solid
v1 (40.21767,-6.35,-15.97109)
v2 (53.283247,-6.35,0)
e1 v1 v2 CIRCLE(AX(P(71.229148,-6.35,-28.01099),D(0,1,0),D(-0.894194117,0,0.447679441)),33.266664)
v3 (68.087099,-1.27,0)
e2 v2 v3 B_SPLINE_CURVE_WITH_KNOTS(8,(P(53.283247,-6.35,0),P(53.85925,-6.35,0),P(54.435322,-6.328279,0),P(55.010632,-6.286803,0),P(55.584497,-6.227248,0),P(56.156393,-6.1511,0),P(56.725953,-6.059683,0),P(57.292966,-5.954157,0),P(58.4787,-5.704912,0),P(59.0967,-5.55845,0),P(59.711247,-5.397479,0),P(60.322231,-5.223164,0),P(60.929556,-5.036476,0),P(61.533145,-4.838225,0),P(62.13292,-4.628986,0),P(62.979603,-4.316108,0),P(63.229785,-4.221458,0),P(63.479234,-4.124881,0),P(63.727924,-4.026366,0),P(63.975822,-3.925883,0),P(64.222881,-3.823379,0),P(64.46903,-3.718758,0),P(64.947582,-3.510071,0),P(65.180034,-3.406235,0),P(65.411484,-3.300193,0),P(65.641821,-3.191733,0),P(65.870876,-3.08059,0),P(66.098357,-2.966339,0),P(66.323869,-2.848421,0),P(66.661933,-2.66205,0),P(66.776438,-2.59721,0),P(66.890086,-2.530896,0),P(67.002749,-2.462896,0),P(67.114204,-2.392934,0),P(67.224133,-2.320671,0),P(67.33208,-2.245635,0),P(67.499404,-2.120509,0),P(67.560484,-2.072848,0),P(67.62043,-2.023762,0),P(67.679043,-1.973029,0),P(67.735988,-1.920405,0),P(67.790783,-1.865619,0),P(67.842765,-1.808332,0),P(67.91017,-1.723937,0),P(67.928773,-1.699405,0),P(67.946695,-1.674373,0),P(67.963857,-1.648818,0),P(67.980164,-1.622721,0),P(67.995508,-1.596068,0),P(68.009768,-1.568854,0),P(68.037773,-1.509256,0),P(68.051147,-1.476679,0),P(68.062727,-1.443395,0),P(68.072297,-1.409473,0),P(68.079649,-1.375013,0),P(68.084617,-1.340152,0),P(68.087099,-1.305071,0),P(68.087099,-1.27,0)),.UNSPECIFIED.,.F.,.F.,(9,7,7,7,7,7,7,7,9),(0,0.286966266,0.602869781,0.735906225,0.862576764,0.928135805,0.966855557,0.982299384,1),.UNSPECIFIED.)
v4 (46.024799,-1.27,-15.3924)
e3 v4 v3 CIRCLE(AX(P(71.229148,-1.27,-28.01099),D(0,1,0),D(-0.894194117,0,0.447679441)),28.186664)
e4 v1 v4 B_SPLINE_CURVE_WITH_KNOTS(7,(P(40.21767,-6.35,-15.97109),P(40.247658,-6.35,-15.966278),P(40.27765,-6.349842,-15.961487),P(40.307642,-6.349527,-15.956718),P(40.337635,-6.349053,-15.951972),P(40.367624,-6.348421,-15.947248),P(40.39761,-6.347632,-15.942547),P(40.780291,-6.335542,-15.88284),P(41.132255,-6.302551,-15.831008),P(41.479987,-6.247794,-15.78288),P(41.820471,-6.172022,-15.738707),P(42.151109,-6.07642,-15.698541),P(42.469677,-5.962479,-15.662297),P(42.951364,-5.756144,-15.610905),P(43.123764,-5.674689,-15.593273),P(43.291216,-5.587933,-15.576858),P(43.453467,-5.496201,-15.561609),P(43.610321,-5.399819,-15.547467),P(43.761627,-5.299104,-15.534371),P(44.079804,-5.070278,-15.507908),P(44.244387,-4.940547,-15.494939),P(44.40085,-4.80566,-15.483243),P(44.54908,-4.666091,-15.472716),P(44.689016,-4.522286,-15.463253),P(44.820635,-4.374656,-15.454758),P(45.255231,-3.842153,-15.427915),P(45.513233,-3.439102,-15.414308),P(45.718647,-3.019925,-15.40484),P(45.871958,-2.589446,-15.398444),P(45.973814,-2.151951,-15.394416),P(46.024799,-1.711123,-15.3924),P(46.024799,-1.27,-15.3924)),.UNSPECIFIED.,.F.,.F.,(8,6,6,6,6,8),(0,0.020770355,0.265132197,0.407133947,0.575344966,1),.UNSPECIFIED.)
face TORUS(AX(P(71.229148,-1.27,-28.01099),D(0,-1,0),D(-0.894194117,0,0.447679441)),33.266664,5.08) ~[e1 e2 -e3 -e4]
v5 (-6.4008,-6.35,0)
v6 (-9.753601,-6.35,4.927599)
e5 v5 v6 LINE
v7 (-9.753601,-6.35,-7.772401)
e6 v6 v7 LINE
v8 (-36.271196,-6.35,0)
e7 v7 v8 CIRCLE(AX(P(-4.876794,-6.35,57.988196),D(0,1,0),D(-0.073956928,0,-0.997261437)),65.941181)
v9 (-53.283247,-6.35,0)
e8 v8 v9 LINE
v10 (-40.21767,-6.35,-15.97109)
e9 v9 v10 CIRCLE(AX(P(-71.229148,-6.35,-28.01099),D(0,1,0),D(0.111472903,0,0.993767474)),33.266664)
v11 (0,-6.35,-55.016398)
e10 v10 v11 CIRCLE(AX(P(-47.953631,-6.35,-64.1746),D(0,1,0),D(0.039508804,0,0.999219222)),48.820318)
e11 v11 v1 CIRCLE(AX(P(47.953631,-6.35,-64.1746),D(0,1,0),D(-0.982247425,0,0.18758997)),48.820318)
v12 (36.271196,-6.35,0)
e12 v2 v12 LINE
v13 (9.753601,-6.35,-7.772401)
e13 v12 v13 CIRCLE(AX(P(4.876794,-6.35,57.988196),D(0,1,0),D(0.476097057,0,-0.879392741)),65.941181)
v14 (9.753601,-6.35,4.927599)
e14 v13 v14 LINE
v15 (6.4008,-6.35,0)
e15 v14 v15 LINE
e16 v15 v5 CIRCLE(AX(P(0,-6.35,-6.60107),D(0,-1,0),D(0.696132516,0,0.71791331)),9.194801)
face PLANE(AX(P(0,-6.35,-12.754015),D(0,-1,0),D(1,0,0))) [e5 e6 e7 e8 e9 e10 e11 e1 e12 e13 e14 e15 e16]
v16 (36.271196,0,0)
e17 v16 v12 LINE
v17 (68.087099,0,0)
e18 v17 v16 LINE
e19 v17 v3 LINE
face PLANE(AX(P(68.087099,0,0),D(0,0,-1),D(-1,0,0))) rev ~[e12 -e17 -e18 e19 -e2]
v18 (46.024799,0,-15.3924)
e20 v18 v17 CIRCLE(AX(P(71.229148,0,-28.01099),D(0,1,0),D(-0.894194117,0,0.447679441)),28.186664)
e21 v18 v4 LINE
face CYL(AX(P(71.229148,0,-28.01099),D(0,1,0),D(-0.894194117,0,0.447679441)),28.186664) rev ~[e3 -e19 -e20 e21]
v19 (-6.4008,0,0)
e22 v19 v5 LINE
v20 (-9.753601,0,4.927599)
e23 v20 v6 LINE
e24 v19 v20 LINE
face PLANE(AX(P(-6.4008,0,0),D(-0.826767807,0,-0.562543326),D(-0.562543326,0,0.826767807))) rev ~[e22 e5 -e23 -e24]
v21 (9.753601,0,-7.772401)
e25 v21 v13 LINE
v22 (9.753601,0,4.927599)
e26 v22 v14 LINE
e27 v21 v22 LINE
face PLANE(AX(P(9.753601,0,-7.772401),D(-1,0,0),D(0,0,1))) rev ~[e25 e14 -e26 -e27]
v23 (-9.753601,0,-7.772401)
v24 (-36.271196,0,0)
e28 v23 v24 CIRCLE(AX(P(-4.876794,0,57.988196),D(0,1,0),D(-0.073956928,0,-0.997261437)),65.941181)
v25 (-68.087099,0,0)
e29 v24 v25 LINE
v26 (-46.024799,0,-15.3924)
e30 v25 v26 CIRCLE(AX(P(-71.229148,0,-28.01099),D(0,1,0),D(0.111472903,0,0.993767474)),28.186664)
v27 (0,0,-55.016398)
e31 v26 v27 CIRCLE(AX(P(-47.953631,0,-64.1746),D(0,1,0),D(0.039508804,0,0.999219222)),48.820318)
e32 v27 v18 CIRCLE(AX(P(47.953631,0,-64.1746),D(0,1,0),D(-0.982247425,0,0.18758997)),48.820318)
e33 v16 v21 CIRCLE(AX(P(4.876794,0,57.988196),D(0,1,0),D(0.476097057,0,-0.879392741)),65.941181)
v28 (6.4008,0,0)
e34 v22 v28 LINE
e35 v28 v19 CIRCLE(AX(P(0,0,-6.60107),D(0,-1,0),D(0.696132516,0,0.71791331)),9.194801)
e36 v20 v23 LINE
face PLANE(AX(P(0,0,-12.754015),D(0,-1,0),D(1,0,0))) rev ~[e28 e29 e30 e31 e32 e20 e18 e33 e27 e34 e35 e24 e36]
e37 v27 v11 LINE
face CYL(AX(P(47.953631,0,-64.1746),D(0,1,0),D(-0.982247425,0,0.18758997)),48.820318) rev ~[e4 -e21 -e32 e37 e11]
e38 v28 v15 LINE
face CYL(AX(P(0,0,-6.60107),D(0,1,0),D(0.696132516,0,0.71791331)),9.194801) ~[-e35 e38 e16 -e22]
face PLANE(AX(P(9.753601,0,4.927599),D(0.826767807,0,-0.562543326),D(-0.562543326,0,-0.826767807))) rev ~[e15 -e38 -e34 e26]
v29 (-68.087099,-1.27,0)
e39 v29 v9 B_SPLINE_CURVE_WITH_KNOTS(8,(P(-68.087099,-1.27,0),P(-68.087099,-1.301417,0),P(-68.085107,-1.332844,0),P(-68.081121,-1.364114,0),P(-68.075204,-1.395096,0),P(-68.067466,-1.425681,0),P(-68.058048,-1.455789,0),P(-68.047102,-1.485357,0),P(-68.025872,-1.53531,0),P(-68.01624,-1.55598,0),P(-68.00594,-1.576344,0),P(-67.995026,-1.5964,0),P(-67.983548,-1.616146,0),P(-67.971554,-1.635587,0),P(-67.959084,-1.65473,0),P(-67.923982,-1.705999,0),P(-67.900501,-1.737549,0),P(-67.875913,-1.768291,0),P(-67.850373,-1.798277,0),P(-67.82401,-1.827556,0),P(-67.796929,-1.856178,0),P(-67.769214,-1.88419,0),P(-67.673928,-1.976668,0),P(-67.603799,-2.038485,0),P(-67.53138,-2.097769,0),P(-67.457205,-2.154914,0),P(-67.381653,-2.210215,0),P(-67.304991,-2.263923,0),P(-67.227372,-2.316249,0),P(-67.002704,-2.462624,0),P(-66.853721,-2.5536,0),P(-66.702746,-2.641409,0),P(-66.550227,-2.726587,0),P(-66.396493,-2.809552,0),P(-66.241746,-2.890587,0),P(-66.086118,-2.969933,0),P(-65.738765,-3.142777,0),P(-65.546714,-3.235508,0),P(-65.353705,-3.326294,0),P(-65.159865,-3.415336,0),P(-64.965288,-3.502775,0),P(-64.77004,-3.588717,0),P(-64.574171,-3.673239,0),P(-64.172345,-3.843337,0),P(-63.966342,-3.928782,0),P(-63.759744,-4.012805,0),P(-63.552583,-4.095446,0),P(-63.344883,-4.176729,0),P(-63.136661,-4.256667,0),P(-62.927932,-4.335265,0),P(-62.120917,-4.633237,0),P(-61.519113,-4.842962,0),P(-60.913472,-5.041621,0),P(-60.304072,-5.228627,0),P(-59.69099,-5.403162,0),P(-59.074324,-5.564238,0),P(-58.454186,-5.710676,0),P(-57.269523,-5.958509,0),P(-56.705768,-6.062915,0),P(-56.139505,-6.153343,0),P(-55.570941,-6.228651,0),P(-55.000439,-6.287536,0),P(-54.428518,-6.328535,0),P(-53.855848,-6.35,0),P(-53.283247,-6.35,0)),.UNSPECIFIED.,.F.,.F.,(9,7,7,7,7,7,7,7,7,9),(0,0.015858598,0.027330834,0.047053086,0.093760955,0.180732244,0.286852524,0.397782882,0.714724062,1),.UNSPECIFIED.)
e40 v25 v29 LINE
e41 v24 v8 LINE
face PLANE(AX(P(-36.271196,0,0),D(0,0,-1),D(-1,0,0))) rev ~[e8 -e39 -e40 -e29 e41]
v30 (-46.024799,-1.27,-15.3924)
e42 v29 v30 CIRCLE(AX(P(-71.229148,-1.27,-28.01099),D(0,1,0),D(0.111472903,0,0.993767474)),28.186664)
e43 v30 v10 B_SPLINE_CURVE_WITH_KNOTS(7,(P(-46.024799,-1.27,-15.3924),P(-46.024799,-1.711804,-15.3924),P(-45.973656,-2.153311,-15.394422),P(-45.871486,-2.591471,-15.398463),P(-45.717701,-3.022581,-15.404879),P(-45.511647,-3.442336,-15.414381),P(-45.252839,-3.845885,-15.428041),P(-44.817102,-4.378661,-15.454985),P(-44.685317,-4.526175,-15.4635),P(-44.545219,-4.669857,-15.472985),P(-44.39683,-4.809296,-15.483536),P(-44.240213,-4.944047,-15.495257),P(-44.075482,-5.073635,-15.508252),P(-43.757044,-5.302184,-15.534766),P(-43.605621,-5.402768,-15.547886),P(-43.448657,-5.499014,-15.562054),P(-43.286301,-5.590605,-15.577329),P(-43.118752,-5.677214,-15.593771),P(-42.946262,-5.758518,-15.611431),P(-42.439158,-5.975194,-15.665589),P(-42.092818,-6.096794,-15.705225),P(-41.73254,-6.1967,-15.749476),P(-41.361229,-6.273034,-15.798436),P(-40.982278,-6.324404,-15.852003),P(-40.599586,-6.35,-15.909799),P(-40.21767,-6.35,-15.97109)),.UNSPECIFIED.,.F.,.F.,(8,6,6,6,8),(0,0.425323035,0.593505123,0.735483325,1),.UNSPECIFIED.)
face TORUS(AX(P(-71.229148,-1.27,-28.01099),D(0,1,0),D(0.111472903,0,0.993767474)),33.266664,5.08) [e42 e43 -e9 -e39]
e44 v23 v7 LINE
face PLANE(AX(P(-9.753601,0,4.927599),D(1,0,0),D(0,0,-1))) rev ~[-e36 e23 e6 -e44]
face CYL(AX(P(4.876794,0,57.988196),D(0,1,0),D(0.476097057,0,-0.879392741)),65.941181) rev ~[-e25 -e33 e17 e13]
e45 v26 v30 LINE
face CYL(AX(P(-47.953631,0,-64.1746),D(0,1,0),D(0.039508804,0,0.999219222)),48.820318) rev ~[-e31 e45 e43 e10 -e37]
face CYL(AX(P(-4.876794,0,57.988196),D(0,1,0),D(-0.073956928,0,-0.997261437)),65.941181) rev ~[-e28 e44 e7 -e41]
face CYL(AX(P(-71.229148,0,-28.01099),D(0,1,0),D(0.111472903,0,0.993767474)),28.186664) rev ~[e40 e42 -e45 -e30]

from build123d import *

# Parameters (mm, degrees)
F1_DEPTH = 6.35
F2_R     = 5.08
F3_R     = 5.08


with BuildPart() as f1:
    # F0 (on Front) → F1 (new body)
    with BuildSketch(Plane.XZ):
        with BuildLine():
            ThreePointArc((0, -55.016398), (16.101153, -27.176721), (46.024799, -15.3924))
            ThreePointArc((46.024799, -15.3924), (55.101189, -4.894395), (68.087099, 0))
            Line((68.087099, 0), (36.271196, 0))
            ThreePointArc((36.271196, 0), (23.424104, -5.290842), (9.753601, -7.772401))
            Line((9.753601, -7.772401), (9.753601, 4.927599))
            Line((9.753601, 4.927599), (6.4008, 0))
            ThreePointArc((6.4008, 0), (0, 2.593731), (-6.4008, 0))
            Line((-6.4008, 0), (-9.753601, 4.927599))
            Line((-9.753601, 4.927599), (-9.753601, -7.772401))
            ThreePointArc((-9.753601, -7.772401), (-23.424104, -5.290842), (-36.271196, 0))
            Line((-36.271196, 0), (-68.087099, 0))
            ThreePointArc((-68.087099, 0), (-55.101189, -4.894395), (-46.024799, -15.3924))
            ThreePointArc((-46.024799, -15.3924), (-16.101153, -27.176721), (0, -55.016398))
        make_face()
    extrude(amount=F1_DEPTH)

    # F2
    f2_edges = [f1.edges().sort_by_distance(p)[0] for p in [
        (-55.101189, -6.35, -4.894395),
    ]]
    fillet(f2_edges, radius=F2_R)

    # F3
    f3_edges = [f1.edges().sort_by_distance(p)[0] for p in [
        (55.101189, -6.35, -4.894395),
    ]]
    fillet(f3_edges, radius=F3_R)


solid = f1.part
